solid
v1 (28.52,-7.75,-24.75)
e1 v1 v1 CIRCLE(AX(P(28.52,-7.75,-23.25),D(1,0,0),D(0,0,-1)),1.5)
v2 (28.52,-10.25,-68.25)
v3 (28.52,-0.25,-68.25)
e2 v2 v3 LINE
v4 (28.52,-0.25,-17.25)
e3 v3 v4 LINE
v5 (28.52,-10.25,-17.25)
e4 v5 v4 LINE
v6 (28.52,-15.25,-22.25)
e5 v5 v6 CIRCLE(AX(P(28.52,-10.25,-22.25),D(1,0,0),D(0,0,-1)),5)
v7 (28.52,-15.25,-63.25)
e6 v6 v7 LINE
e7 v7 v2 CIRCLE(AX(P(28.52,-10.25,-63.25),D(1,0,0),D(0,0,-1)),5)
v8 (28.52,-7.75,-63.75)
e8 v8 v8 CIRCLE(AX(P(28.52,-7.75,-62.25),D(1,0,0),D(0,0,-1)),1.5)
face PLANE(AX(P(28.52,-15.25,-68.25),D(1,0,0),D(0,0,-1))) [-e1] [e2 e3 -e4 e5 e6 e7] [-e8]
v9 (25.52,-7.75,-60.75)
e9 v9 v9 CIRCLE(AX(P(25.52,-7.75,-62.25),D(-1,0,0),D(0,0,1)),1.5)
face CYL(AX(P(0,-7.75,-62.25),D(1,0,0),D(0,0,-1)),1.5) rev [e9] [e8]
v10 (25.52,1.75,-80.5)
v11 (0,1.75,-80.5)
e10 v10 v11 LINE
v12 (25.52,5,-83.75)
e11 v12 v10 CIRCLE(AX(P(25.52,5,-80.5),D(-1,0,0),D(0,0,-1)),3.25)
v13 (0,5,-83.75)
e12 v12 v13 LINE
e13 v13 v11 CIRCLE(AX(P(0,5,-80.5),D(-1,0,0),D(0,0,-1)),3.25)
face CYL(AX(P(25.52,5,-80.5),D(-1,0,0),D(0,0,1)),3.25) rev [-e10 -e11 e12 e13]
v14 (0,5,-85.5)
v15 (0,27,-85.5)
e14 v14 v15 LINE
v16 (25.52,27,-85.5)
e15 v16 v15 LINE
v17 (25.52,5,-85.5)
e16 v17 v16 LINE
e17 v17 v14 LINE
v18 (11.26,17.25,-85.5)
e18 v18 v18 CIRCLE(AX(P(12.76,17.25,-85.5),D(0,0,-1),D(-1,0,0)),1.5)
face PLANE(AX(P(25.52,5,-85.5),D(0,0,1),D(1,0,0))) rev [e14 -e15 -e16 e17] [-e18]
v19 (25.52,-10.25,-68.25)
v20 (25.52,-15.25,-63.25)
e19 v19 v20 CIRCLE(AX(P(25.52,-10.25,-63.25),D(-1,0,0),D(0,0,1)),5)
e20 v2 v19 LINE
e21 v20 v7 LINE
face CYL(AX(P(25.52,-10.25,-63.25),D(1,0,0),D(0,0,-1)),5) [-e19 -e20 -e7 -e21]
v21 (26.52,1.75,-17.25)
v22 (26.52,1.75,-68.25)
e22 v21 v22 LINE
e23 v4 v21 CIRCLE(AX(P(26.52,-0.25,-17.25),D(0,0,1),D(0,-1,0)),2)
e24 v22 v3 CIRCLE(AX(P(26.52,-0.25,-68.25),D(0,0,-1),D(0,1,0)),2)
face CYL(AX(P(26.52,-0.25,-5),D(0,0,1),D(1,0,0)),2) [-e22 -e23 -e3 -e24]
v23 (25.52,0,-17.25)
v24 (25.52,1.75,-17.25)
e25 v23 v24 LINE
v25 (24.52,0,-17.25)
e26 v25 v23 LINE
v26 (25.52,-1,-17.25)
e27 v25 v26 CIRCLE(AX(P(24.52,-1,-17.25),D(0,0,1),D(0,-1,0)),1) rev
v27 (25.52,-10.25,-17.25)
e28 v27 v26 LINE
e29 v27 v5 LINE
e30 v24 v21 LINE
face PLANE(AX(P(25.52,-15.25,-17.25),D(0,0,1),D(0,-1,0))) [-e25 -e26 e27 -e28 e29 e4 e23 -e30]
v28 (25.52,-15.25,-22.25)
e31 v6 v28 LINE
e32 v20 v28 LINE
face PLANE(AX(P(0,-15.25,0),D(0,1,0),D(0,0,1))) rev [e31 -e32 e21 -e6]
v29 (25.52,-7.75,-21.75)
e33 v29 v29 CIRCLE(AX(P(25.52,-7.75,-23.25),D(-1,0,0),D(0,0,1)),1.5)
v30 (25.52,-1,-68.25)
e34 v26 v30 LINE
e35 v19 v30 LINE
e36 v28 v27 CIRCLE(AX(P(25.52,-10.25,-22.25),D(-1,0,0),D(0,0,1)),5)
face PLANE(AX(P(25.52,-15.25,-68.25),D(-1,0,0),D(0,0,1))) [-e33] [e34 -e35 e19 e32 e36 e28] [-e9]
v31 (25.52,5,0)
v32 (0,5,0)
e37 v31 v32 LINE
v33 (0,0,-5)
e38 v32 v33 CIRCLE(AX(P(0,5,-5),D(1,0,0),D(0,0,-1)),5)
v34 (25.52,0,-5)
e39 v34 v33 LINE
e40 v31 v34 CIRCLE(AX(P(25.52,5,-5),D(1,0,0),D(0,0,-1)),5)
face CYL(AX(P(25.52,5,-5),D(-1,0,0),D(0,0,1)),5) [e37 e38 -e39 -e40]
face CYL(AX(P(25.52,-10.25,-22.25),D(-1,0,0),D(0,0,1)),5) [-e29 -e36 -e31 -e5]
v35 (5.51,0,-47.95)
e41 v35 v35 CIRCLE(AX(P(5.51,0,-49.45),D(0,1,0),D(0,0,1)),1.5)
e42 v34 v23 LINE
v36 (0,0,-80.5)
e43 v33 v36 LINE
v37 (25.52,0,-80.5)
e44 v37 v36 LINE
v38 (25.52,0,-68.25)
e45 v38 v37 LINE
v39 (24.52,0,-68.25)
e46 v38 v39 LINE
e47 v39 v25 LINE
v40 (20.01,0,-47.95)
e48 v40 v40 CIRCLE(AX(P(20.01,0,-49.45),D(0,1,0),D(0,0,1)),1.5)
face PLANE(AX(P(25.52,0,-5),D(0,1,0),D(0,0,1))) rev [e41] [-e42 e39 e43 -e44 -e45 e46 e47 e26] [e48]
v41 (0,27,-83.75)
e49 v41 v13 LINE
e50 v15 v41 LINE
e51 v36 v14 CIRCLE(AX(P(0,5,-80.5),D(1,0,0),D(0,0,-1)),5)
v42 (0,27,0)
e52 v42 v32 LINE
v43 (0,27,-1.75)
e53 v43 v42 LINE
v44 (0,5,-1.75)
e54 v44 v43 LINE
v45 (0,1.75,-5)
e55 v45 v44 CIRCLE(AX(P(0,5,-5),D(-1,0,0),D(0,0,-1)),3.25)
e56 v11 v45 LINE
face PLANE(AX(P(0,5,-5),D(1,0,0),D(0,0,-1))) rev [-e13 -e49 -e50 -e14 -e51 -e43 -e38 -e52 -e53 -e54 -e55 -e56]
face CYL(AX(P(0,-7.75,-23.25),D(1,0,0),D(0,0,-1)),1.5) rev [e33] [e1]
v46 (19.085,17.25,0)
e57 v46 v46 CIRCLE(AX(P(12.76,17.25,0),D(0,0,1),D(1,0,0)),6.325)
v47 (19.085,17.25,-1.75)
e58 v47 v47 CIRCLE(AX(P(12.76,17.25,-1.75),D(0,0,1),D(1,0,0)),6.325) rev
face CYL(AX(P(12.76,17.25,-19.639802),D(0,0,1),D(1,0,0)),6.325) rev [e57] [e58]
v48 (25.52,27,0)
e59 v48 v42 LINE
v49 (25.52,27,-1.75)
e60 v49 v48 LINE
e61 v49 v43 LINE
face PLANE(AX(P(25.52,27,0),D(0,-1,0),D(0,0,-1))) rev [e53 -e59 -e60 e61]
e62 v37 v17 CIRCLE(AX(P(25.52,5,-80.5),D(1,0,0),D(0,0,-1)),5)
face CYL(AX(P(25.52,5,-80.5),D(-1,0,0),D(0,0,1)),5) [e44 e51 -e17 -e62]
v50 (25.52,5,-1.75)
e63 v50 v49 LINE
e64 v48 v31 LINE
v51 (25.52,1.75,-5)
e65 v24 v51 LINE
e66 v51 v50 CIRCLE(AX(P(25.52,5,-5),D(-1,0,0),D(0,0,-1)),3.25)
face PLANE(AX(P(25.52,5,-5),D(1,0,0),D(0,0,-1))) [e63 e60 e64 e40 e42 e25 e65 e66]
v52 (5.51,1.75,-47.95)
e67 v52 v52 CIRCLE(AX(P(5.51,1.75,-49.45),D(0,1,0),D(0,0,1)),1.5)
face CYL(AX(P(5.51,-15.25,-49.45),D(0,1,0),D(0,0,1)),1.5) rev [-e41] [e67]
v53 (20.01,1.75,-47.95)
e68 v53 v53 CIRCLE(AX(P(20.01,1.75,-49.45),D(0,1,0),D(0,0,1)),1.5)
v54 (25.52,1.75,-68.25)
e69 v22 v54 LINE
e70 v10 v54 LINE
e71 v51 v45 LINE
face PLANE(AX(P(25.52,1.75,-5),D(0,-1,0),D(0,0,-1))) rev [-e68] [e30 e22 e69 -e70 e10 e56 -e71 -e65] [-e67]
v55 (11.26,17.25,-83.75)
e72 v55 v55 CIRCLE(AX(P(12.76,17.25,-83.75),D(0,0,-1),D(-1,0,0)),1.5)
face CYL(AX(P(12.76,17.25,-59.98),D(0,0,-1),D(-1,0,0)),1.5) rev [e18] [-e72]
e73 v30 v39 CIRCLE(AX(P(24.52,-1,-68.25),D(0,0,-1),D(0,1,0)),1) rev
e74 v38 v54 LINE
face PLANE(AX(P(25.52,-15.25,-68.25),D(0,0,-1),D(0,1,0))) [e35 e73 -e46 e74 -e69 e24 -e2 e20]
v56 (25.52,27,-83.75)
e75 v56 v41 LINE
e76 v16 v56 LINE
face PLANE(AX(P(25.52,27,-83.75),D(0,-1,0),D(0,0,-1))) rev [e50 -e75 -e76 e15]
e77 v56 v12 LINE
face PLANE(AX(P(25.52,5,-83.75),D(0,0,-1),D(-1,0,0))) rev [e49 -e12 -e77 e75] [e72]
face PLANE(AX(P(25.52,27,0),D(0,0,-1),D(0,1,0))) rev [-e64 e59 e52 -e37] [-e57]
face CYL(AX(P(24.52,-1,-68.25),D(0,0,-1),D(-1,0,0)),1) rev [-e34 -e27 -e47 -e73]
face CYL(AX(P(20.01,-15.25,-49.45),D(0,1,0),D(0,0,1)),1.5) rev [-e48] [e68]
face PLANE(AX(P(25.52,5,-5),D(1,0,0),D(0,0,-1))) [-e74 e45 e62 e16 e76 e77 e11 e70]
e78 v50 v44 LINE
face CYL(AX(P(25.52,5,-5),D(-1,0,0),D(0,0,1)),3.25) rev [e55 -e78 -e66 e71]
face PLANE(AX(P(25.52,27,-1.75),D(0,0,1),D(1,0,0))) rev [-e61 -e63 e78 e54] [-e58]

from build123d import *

# Parameters (mm, degrees)
BOSS_EXTRU_1_DEPTH      = 25.52
ESQUISSE2_R             = 6.325
ENL_V_MAT_EXTRU_1_DEPTH = 1.75
ESQUISSE3_R             = 1.5
ENL_V_MAT_EXTRU_2_DEPTH = 25.52
ESQUISSE6_W             = 3
ESQUISSE6_H             = 51
BOSS_EXTRU_2_DEPTH      = 17
CONG_1_R                = 2
CONG_2_R                = 1
ESQUISSE7_R             = 1.5
ENL_V_MAT_EXTRU_3_DEPTH = 29.52
CONG_3_R                = 5
ESQUISSE8_R             = 1.5
ENL_V_MAT_EXTRU_4_DEPTH = 18


with BuildPart() as part:
    # Esquisse1 → Boss.-Extru.1 (new body)
    with BuildSketch(Plane(origin=(0, 0, 0), x_dir=(0, 0, -1), z_dir=(1, 0, 0))):
        with BuildLine():
            Line((0, 27), (0, 5))
            ThreePointArc((0, 5), (1.464466094, 1.464466094), (5, 0))
            Line((5, 0), (80.5, 0))
            ThreePointArc((80.5, 0), (84.035533906, 1.464466094), (85.5, 5))
            Line((85.5, 5), (85.5, 27))
            Line((85.5, 27), (83.75, 27))
            Line((83.75, 27), (83.75, 5))
            ThreePointArc((83.75, 5), (82.798097039, 2.701902961), (80.5, 1.75))
            Line((80.5, 1.75), (5, 1.75))
            ThreePointArc((5, 1.75), (2.701902961, 2.701902961), (1.75, 5))
            Line((1.75, 5), (1.75, 27))
            Line((1.75, 27), (0, 27))
        make_face()
    extrude(amount=BOSS_EXTRU_1_DEPTH)

    # Esquisse2 → Enlèv. mat.-Extru.1 (cut)
    with BuildSketch(Plane.XY):
        with Locations((12.76, 17.25)):
            Circle(ESQUISSE2_R)
    extrude(amount=-ENL_V_MAT_EXTRU_1_DEPTH, mode=Mode.SUBTRACT)

    # Esquisse3 → Enlèv. mat.-Extru.2 (cut)
    with BuildSketch(Plane(origin=(0, 0, -85.5), x_dir=(-1, 0, 0), z_dir=(0, 0, -1))):
        with Locations((-12.76, 17.25)):
            Circle(ESQUISSE3_R)
    extrude(amount=-ENL_V_MAT_EXTRU_2_DEPTH, mode=Mode.SUBTRACT)

    # Esquisse6 → Boss.-Extru.2 (add)
    with BuildSketch(Plane(origin=(0, 1.75, 0), x_dir=(1, 0, 0), z_dir=(0, 1, 0))):
        with Locations((27.02, 42.75)):
            Rectangle(ESQUISSE6_W, ESQUISSE6_H)
    extrude(amount=-BOSS_EXTRU_2_DEPTH)

    # Congé1
    cong_1_edges = [part.edges().sort_by_distance(p)[0] for p in [
        (28.52, 1.75, -42.75),
    ]]
    fillet(cong_1_edges, radius=CONG_1_R)

    # Congé2
    cong_2_edges = [part.edges().sort_by_distance(p)[0] for p in [
        (25.52, 0, -42.75),
    ]]
    fillet(cong_2_edges, radius=CONG_2_R)

    # Esquisse7 → Enlèv. mat.-Extru.3 (cut, through all)
    with BuildSketch(Plane(origin=(28.52, 0, 0), x_dir=(0, 0, -1), z_dir=(1, 0, 0))):
        with Locations((23.25, -7.75)):
            Circle(ESQUISSE7_R)
        with Locations((62.25, -7.75)):
            Circle(ESQUISSE7_R)
    extrude(amount=-ENL_V_MAT_EXTRU_3_DEPTH, mode=Mode.SUBTRACT)

    # Congé3
    cong_3_edges = [part.edges().sort_by_distance(p)[0] for p in [
        (27.02, -15.25, -68.25),
        (27.02, -15.25, -17.25),
    ]]
    fillet(cong_3_edges, radius=CONG_3_R)

    # Esquisse8 → Enlèv. mat.-Extru.4 (cut, through all)
    with BuildSketch(Plane(origin=(0, 1.75, 0), x_dir=(1, 0, 0), z_dir=(0, 1, 0))):
        with Locations((20.01, 49.45)):
            Circle(ESQUISSE8_R)
        with Locations((5.51, 49.45)):
            Circle(ESQUISSE8_R)
    extrude(amount=-ENL_V_MAT_EXTRU_4_DEPTH, mode=Mode.SUBTRACT)


solid = part.part
